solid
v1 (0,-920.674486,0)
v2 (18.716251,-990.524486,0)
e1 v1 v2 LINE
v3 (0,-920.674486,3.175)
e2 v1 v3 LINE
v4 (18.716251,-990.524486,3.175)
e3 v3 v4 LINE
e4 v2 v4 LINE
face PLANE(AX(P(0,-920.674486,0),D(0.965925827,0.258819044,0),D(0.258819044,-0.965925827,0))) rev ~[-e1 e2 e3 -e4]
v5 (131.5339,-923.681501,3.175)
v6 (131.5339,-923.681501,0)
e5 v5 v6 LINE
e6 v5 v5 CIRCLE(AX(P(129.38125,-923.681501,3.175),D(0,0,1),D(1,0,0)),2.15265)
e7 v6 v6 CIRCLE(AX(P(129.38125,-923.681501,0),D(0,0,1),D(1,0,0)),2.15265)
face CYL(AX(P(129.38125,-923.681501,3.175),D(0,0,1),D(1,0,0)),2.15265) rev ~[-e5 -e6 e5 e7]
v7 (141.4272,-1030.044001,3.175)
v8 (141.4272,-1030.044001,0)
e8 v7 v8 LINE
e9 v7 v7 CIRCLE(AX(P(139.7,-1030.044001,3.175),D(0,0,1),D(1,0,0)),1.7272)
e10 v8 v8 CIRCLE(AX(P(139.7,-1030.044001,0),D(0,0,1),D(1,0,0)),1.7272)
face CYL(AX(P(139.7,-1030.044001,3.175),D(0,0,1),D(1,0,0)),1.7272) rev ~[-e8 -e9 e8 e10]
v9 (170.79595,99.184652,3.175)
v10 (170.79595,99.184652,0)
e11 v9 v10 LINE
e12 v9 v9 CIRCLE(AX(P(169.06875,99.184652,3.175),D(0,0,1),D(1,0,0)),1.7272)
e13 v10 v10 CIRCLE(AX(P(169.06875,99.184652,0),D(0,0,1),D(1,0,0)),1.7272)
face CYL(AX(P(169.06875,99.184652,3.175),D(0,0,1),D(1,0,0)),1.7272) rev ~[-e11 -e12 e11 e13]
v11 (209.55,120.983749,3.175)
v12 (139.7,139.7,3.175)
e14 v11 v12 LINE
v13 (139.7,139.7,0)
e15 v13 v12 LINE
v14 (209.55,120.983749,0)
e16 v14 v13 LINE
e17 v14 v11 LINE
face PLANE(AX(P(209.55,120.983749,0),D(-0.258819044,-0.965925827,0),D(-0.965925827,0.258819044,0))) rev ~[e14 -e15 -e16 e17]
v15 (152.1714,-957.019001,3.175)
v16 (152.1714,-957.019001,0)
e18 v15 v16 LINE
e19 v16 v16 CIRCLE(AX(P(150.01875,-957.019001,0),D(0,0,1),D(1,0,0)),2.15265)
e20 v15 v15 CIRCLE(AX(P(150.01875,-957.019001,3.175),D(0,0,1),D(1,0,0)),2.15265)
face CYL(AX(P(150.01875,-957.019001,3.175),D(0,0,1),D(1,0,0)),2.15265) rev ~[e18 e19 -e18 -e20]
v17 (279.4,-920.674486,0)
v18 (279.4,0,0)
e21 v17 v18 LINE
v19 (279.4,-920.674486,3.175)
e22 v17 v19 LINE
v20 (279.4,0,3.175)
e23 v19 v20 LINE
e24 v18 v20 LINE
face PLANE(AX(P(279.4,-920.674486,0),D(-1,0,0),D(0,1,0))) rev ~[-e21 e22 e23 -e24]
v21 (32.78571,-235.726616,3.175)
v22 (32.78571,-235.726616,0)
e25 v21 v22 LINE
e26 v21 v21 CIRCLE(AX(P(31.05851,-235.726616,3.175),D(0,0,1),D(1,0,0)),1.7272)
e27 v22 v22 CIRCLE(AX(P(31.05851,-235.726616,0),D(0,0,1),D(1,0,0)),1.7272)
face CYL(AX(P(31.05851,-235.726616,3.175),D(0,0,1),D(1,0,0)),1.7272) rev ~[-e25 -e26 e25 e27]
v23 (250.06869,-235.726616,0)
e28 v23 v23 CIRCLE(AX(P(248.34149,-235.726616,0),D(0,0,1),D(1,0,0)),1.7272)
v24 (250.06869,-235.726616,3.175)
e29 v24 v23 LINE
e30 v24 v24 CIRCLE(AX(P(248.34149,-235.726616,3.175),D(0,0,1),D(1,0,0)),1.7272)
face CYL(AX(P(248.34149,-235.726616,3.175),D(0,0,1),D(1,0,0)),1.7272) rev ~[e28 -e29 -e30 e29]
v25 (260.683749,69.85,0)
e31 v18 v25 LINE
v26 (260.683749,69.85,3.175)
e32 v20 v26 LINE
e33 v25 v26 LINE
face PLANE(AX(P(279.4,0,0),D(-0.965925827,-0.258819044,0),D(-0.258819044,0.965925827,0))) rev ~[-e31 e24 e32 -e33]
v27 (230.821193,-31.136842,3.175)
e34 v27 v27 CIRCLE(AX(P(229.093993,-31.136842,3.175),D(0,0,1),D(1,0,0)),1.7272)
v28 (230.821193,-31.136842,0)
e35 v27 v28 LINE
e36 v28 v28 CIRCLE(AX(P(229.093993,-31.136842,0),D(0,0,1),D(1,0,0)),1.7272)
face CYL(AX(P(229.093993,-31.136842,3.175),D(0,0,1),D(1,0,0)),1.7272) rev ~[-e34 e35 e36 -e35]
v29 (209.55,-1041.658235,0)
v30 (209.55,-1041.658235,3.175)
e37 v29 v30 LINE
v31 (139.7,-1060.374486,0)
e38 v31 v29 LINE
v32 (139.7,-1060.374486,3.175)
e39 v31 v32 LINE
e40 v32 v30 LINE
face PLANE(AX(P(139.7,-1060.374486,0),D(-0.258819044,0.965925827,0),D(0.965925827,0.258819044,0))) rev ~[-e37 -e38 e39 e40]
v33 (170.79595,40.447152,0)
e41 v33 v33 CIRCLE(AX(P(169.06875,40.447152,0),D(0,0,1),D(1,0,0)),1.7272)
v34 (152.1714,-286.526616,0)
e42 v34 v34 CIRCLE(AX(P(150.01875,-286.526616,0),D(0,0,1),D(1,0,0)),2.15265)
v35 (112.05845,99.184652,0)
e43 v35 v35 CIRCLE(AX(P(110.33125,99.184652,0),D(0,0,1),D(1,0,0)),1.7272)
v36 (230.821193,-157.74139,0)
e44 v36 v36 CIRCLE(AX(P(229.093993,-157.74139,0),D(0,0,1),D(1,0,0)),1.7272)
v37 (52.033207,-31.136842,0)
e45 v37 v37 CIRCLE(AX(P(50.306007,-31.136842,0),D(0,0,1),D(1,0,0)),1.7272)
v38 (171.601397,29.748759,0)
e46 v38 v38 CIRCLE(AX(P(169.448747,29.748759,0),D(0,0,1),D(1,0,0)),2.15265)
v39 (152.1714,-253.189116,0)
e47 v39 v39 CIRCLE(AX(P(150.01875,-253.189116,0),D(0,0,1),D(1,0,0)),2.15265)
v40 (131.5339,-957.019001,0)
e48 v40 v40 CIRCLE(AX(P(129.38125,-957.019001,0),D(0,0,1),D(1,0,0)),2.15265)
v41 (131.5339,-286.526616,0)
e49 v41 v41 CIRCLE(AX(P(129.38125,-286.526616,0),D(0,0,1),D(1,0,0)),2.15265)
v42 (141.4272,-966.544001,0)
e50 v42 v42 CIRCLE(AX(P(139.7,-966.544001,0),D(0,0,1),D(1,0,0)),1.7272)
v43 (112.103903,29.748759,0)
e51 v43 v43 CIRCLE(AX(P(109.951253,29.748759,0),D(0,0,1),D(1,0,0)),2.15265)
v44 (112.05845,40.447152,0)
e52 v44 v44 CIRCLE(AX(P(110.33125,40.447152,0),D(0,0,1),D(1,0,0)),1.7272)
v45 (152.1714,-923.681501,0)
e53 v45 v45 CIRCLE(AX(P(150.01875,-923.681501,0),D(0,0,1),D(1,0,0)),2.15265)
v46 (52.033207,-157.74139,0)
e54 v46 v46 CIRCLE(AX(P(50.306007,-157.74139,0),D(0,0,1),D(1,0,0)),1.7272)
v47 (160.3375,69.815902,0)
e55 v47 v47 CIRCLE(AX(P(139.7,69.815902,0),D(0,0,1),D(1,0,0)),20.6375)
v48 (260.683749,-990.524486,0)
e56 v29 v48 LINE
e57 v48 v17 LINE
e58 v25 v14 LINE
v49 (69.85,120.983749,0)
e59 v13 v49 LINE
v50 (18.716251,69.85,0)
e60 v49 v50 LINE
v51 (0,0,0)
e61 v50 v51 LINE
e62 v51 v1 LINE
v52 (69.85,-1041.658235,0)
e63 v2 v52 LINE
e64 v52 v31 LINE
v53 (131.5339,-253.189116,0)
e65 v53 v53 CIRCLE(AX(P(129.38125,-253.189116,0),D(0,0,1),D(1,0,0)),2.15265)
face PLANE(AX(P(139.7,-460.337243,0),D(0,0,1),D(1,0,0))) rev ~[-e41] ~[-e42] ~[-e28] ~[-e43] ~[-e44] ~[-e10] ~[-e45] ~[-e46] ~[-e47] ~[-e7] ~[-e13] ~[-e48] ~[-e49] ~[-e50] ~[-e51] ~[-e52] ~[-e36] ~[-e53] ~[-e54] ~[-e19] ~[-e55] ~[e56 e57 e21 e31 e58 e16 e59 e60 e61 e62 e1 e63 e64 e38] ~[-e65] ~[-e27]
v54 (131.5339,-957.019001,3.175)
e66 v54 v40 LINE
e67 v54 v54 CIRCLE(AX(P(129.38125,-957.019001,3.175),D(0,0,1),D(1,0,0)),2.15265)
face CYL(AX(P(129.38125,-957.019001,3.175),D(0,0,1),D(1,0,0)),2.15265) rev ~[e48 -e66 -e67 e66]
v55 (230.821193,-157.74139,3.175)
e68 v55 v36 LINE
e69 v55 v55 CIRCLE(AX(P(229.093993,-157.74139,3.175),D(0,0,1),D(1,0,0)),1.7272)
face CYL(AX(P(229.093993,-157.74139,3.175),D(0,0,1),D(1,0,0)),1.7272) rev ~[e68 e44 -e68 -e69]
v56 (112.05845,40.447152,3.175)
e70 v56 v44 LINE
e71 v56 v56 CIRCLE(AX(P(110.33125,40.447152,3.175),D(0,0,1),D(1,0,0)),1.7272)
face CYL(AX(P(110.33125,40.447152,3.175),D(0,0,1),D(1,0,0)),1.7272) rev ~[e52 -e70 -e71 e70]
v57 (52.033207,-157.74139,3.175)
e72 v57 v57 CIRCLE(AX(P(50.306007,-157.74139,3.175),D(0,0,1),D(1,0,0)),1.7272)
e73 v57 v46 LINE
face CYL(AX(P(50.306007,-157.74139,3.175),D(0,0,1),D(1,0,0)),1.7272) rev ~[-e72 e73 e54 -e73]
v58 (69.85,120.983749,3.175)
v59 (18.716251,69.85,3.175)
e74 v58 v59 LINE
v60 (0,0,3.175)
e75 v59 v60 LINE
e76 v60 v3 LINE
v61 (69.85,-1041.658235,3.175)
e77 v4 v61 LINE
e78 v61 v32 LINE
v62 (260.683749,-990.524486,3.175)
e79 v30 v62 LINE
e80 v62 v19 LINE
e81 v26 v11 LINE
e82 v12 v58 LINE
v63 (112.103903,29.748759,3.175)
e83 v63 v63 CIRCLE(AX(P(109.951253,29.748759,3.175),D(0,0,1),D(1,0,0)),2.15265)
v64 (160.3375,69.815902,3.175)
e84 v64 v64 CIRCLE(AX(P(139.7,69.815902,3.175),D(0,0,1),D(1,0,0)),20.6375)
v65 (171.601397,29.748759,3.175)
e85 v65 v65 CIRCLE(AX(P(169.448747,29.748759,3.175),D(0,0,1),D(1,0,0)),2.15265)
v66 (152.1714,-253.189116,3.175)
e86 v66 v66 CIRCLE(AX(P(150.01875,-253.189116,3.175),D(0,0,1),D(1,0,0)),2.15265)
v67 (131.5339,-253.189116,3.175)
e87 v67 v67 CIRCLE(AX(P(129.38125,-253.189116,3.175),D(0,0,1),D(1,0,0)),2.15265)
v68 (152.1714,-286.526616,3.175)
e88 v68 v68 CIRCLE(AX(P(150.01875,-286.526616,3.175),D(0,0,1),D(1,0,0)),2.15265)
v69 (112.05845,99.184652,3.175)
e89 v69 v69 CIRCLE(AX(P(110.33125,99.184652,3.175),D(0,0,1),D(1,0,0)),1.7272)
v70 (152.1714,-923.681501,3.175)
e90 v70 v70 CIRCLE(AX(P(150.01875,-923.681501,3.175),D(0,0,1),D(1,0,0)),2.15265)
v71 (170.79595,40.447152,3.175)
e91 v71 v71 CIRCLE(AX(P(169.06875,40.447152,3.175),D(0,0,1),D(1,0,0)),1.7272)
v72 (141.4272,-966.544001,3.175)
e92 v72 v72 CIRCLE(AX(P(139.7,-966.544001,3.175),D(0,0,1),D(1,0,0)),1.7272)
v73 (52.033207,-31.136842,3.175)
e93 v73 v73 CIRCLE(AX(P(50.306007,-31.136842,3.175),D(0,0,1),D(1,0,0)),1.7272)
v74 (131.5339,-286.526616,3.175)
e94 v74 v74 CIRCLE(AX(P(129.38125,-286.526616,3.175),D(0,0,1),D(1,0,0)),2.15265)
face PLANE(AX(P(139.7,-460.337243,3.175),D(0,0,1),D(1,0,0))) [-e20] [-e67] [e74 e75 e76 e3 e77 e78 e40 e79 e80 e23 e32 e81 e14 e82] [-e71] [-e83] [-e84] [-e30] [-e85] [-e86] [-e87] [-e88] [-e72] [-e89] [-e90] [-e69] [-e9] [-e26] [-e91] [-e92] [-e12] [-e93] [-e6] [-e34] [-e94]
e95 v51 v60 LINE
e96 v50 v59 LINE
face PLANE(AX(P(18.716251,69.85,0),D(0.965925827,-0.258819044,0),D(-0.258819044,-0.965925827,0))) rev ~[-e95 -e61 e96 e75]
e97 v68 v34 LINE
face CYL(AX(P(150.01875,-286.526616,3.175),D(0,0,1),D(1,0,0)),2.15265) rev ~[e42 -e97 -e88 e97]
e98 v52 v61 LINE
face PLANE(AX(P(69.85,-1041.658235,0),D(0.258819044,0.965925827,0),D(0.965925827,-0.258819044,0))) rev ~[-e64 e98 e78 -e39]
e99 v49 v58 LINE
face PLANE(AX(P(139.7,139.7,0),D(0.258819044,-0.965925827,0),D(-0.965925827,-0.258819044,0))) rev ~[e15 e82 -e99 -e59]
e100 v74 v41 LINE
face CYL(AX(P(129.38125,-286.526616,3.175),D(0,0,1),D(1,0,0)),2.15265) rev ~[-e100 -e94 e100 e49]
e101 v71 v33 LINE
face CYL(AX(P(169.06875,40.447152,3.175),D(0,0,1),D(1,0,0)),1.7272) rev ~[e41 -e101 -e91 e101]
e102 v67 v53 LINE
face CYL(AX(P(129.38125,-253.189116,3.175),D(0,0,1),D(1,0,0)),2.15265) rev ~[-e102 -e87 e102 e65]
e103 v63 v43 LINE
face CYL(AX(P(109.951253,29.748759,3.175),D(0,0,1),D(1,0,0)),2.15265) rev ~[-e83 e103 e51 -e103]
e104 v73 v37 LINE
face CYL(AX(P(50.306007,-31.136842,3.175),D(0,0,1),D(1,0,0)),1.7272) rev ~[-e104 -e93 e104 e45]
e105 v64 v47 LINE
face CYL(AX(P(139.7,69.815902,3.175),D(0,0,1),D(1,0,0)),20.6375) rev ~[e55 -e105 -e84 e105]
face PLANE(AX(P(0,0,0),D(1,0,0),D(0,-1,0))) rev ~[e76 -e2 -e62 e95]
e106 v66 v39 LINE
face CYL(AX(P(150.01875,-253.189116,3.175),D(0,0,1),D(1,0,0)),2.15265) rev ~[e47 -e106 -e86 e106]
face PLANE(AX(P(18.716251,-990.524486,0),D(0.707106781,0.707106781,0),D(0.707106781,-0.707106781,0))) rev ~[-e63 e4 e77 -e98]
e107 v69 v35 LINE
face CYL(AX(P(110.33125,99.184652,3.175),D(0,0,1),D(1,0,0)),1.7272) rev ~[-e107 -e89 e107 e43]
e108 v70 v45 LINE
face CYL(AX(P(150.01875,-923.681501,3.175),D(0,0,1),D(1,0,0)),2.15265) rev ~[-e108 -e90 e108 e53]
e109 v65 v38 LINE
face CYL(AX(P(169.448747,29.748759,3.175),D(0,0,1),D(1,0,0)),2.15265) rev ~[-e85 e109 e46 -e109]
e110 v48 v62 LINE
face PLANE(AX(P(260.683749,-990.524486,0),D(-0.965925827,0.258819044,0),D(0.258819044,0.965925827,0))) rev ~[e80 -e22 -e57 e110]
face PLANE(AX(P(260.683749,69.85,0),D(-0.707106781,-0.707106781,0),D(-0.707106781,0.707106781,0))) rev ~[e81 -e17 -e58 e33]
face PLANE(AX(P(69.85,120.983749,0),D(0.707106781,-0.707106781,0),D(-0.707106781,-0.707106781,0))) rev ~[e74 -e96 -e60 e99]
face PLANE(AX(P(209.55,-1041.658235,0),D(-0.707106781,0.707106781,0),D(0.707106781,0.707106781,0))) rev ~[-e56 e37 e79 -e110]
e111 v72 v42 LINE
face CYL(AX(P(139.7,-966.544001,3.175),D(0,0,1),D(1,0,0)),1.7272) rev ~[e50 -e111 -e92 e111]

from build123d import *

# Parameters (mm, degrees)
F1_DEPTH = 3.175
F2_R     = 20.6375
F2_R_2   = 1.7272
F2_R_3   = 2.15265
F3_DEPTH = 3.175
F4_R     = 2.15265
F5_DEPTH = 3.175


with BuildPart() as f1:
    # F0 (on Top) → F1 (new body)
    with BuildSketch(Plane.XY):
        Polygon((279.4, -920.674486), (279.4, 0), (260.683749, 69.85), (209.55, 120.983749), (139.7, 139.7), (69.85, 120.983749), (18.716251, 69.85), (0, 0), (0, -920.674486), (18.716251, -990.524486), (69.85, -1041.658235), (139.7, -1060.374486), (209.55, -1041.658235), (260.683749, -990.524486), align=None)
    extrude(amount=F1_DEPTH)

    # F2 (on face) → F3 (cut, through all)
    with BuildSketch(Plane.XY.offset(3.175)):
        with Locations((139.7, 69.815902)):
            Circle(F2_R)
        with Locations((229.093993, -31.136842)):
            Circle(F2_R_2)
        with Locations((229.093993, -157.74139)):
            Circle(F2_R_2)
        with Locations((110.33125, 40.447152)):
            Circle(F2_R_2)
        with Locations((169.06875, 40.447152)):
            Circle(F2_R_2)
        with Locations((169.06875, 99.184652)):
            Circle(F2_R_2)
        with Locations((110.33125, 99.184652)):
            Circle(F2_R_2)
        with Locations((50.306007, -157.74139)):
            Circle(F2_R_2)
        with Locations((50.306007, -31.136842)):
            Circle(F2_R_2)
        with Locations((248.34149, -235.726616)):
            Circle(F2_R_2)
        with Locations((31.05851, -235.726616)):
            Circle(F2_R_2)
        with Locations((150.01875, -286.526616)):
            Circle(F2_R_3)
        with Locations((129.38125, -286.526616)):
            Circle(F2_R_3)
        with Locations((129.38125, -253.189116)):
            Circle(F2_R_3)
        with Locations((150.01875, -253.189116)):
            Circle(F2_R_3)
        with Locations((129.38125, -923.681501)):
            Circle(F2_R_3)
        with Locations((150.01875, -923.681501)):
            Circle(F2_R_3)
        with Locations((150.01875, -957.019001)):
            Circle(F2_R_3)
        with Locations((129.38125, -957.019001)):
            Circle(F2_R_3)
        with Locations((139.7, -966.544001)):
            Circle(F2_R_2)
        with Locations((139.7, -1030.044001)):
            Circle(F2_R_2)
    extrude(amount=-F3_DEPTH, mode=Mode.SUBTRACT)

    # F4 (on face) → F5 (cut, through all)
    with BuildSketch(Plane.XY.offset(3.175)):
        with Locations((109.951253, 29.748759)):
            Circle(F4_R)
        with Locations((169.448747, 29.748759)):
            Circle(F4_R)
    extrude(amount=-F5_DEPTH, mode=Mode.SUBTRACT)


solid = f1.part
